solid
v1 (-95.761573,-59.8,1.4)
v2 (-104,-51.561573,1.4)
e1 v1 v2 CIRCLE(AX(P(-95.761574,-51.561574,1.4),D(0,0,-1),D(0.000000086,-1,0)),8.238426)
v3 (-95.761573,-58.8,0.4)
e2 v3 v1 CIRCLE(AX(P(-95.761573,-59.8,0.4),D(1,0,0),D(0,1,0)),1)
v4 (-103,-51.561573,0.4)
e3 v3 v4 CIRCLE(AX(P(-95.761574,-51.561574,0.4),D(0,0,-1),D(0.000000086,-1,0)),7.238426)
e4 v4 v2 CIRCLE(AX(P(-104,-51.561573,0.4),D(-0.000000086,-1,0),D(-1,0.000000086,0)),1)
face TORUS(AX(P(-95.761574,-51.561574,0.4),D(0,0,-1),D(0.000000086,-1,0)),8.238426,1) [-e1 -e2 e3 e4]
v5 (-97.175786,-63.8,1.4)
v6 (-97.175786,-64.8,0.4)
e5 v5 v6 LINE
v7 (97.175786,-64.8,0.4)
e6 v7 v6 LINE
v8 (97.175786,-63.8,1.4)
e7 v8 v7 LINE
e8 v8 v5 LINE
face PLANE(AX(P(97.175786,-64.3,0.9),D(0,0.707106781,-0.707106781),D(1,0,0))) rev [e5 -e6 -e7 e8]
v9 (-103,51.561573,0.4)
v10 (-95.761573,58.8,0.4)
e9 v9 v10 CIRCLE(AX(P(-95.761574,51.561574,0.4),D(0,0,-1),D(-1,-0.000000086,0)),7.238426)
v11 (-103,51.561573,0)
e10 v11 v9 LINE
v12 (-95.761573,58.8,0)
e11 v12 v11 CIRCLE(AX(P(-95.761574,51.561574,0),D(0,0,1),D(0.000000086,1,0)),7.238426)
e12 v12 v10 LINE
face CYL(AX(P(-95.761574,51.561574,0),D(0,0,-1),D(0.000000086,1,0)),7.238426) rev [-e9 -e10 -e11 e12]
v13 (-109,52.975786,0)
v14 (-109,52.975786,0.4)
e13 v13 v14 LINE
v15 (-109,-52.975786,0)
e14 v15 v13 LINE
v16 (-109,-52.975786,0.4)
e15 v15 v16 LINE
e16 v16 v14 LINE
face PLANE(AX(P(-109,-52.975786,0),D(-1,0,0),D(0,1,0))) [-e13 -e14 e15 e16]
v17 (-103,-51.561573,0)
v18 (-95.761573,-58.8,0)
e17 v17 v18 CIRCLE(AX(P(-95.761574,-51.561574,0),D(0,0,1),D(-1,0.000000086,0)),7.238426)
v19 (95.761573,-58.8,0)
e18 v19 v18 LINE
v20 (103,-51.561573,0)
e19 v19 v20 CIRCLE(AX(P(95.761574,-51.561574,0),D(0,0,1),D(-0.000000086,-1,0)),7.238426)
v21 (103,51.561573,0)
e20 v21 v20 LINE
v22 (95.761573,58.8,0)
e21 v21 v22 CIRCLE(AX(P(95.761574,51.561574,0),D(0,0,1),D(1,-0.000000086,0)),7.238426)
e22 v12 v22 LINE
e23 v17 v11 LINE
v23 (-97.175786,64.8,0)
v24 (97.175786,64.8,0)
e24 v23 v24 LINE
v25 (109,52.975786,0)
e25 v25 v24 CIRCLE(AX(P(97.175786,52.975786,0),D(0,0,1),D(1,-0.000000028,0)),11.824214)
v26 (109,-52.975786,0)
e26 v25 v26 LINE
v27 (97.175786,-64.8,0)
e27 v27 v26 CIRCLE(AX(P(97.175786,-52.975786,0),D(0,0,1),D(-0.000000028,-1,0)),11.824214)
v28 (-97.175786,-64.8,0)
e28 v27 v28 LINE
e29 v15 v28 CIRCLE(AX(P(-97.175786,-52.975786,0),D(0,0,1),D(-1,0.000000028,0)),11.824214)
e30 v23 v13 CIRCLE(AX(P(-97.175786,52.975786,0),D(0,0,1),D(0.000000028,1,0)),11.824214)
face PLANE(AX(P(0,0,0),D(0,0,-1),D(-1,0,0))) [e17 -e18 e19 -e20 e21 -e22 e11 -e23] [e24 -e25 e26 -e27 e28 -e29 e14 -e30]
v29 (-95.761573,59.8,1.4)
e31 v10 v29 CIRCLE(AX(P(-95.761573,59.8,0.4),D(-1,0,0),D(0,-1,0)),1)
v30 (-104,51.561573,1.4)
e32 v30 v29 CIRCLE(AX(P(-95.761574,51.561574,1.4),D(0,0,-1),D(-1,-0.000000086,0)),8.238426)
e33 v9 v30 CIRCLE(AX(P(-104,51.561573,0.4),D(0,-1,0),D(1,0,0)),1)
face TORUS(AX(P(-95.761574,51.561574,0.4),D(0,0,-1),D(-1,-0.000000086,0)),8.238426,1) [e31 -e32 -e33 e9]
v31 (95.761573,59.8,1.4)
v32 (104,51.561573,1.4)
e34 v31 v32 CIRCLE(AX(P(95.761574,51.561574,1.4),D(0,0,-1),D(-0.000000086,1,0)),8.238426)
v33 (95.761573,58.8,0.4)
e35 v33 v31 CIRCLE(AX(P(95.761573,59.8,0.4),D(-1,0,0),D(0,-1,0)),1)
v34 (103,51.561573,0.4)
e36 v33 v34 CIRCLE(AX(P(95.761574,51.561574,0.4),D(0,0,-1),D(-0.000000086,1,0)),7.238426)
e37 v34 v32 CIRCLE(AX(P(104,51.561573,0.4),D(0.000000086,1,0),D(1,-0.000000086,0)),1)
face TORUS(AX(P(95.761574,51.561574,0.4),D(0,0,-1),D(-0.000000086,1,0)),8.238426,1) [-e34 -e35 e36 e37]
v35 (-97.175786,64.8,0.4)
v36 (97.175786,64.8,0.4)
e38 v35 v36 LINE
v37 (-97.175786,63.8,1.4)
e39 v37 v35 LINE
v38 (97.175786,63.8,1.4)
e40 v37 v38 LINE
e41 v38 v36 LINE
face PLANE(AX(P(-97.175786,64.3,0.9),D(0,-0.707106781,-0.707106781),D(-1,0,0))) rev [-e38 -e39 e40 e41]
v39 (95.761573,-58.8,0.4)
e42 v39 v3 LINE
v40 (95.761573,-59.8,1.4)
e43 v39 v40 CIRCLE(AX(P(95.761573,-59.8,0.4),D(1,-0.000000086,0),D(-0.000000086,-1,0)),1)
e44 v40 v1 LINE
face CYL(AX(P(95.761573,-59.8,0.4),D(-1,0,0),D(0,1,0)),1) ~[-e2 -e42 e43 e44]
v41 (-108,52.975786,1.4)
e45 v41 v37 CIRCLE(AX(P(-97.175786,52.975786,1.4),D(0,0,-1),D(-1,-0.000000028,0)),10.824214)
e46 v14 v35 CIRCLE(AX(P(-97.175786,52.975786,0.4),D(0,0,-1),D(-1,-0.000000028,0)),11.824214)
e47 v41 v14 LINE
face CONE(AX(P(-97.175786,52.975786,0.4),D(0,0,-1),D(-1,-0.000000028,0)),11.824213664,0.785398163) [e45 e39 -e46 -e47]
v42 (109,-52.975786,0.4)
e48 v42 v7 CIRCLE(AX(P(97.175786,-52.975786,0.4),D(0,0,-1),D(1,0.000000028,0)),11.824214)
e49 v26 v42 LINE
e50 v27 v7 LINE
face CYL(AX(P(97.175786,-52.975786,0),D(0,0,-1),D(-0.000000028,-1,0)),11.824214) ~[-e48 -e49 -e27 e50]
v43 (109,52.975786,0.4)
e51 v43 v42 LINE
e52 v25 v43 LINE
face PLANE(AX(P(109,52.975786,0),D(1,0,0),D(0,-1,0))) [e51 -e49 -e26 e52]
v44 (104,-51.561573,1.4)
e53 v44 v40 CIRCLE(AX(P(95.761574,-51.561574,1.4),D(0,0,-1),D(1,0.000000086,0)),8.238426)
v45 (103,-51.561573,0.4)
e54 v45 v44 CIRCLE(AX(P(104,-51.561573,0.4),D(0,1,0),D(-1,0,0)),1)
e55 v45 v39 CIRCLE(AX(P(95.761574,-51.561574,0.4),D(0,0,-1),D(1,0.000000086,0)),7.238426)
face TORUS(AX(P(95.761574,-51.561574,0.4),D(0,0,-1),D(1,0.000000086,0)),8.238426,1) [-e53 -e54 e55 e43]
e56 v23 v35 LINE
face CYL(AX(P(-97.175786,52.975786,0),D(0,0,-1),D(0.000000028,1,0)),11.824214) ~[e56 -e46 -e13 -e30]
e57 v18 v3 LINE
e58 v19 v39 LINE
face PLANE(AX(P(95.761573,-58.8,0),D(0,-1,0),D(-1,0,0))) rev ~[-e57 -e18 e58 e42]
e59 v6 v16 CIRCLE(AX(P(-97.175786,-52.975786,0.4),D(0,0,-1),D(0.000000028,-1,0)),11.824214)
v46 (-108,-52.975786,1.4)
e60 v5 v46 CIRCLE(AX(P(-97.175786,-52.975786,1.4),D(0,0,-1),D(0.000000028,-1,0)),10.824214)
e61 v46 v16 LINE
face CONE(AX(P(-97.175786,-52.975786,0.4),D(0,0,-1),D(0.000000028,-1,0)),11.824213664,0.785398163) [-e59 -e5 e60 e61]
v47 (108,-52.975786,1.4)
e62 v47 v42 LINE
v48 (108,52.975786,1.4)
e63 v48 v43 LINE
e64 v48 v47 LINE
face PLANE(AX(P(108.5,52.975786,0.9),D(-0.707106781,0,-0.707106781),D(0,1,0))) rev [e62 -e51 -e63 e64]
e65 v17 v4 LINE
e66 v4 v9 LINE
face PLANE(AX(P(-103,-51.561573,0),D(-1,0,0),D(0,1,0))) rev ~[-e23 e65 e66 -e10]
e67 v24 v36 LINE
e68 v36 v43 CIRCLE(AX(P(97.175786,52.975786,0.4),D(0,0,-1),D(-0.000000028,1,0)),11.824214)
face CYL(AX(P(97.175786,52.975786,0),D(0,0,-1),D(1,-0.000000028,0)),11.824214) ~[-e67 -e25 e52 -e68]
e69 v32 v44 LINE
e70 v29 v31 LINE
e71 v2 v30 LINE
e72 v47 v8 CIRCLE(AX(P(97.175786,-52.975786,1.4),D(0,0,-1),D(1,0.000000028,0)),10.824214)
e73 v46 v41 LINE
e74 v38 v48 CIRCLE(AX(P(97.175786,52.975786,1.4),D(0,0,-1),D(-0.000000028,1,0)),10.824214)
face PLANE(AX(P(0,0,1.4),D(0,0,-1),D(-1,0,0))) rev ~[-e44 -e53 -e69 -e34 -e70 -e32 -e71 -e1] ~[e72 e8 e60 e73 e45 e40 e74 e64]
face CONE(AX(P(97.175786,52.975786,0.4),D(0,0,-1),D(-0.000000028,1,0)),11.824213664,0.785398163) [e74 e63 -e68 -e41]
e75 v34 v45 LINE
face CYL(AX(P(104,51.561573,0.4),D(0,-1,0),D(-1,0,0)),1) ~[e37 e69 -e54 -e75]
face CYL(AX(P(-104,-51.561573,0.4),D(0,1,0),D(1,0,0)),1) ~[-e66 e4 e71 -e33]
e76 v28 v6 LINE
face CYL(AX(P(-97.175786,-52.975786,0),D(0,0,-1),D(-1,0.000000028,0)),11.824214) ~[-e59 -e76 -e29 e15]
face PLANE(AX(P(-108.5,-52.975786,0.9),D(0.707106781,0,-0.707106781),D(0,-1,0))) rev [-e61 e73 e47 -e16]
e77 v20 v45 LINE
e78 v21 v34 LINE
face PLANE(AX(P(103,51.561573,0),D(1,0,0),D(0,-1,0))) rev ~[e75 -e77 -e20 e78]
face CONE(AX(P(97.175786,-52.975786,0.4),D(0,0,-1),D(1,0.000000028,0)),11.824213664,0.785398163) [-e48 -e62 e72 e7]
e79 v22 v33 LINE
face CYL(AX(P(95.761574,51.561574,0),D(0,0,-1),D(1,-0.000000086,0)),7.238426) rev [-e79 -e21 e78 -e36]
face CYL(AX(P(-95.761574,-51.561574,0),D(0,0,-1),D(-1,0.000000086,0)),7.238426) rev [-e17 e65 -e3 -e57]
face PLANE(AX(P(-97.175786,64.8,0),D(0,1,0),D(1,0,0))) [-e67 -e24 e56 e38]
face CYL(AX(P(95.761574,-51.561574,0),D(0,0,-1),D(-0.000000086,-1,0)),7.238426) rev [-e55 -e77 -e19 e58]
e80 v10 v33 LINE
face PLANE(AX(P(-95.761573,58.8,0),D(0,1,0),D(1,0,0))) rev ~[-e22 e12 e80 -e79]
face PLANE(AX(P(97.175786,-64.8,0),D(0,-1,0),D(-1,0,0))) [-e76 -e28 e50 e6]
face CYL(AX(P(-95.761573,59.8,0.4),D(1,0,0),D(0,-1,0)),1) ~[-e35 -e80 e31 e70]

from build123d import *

# Parameters (mm, degrees)
PAD002_DEPTH = 1.4
FILLET_R     = 1
CHAMFER_SIZE = 1


with BuildPart() as part:
    # Sketch003 → Pad002 (new body)
    with BuildSketch(Plane.XY):
        with BuildLine():
            Line((-97.175786, 64.8), (97.175786, 64.8))
            ThreePointArc((109, 52.975786), (105.536768, 61.336768), (97.175786, 64.8))
            Line((109, 52.975786), (109, -52.975786))
            ThreePointArc((97.175786, -64.8), (105.536768, -61.336768), (109, -52.975786))
            Line((97.175786, -64.8), (-97.175786, -64.8))
            ThreePointArc((-109, -52.975786), (-105.536768, -61.336768), (-97.175786, -64.8))
            Line((-109, -52.975786), (-109, 52.975786))
            ThreePointArc((-97.175786, 64.8), (-105.536768, 61.336768), (-109, 52.975786))
        make_face()
        with BuildLine():
            Line((-95.761573, 58.8), (95.761573, 58.8))
            ThreePointArc((103, 51.561573), (100.879914, 56.679914), (95.761573, 58.8))
            Line((103, 51.561573), (103, -51.561573))
            ThreePointArc((95.761573, -58.8), (100.879914, -56.679914), (103, -51.561573))
            Line((95.761573, -58.8), (-95.761573, -58.8))
            ThreePointArc((-103, -51.561573), (-100.879914, -56.679914), (-95.761573, -58.8))
            Line((-103, -51.561573), (-103, 51.561573))
            ThreePointArc((-95.761573, 58.8), (-100.879914, 56.679914), (-103, 51.561573))
        make_face(mode=Mode.SUBTRACT)
    extrude(amount=PAD002_DEPTH)

    # Fillet
    fillet_edges = [part.edges().sort_by_distance(p)[0] for p in [
        (0, 58.8, 1.4),
        (-100.879914, 56.679914, 1.4),
        (-103, 0, 1.4),
        (-100.879914, -56.679914, 1.4),
        (0, -58.8, 1.4),
        (100.879914, -56.679914, 1.4),
        (103, 0, 1.4),
        (100.879914, 56.679914, 1.4),
    ]]
    fillet(fillet_edges, radius=FILLET_R)

    # Chamfer
    chamfer_edges = [part.edges().sort_by_distance(p)[0] for p in [
        (0, 64.8, 1.4),
        (105.536768, 61.336768, 1.4),
        (109, 0, 1.4),
        (105.536768, -61.336768, 1.4),
        (0, -64.8, 1.4),
        (-105.536768, -61.336768, 1.4),
        (-109, 0, 1.4),
        (-105.536768, 61.336768, 1.4),
    ]]
    chamfer(chamfer_edges, length=CHAMFER_SIZE)


solid = part.part
